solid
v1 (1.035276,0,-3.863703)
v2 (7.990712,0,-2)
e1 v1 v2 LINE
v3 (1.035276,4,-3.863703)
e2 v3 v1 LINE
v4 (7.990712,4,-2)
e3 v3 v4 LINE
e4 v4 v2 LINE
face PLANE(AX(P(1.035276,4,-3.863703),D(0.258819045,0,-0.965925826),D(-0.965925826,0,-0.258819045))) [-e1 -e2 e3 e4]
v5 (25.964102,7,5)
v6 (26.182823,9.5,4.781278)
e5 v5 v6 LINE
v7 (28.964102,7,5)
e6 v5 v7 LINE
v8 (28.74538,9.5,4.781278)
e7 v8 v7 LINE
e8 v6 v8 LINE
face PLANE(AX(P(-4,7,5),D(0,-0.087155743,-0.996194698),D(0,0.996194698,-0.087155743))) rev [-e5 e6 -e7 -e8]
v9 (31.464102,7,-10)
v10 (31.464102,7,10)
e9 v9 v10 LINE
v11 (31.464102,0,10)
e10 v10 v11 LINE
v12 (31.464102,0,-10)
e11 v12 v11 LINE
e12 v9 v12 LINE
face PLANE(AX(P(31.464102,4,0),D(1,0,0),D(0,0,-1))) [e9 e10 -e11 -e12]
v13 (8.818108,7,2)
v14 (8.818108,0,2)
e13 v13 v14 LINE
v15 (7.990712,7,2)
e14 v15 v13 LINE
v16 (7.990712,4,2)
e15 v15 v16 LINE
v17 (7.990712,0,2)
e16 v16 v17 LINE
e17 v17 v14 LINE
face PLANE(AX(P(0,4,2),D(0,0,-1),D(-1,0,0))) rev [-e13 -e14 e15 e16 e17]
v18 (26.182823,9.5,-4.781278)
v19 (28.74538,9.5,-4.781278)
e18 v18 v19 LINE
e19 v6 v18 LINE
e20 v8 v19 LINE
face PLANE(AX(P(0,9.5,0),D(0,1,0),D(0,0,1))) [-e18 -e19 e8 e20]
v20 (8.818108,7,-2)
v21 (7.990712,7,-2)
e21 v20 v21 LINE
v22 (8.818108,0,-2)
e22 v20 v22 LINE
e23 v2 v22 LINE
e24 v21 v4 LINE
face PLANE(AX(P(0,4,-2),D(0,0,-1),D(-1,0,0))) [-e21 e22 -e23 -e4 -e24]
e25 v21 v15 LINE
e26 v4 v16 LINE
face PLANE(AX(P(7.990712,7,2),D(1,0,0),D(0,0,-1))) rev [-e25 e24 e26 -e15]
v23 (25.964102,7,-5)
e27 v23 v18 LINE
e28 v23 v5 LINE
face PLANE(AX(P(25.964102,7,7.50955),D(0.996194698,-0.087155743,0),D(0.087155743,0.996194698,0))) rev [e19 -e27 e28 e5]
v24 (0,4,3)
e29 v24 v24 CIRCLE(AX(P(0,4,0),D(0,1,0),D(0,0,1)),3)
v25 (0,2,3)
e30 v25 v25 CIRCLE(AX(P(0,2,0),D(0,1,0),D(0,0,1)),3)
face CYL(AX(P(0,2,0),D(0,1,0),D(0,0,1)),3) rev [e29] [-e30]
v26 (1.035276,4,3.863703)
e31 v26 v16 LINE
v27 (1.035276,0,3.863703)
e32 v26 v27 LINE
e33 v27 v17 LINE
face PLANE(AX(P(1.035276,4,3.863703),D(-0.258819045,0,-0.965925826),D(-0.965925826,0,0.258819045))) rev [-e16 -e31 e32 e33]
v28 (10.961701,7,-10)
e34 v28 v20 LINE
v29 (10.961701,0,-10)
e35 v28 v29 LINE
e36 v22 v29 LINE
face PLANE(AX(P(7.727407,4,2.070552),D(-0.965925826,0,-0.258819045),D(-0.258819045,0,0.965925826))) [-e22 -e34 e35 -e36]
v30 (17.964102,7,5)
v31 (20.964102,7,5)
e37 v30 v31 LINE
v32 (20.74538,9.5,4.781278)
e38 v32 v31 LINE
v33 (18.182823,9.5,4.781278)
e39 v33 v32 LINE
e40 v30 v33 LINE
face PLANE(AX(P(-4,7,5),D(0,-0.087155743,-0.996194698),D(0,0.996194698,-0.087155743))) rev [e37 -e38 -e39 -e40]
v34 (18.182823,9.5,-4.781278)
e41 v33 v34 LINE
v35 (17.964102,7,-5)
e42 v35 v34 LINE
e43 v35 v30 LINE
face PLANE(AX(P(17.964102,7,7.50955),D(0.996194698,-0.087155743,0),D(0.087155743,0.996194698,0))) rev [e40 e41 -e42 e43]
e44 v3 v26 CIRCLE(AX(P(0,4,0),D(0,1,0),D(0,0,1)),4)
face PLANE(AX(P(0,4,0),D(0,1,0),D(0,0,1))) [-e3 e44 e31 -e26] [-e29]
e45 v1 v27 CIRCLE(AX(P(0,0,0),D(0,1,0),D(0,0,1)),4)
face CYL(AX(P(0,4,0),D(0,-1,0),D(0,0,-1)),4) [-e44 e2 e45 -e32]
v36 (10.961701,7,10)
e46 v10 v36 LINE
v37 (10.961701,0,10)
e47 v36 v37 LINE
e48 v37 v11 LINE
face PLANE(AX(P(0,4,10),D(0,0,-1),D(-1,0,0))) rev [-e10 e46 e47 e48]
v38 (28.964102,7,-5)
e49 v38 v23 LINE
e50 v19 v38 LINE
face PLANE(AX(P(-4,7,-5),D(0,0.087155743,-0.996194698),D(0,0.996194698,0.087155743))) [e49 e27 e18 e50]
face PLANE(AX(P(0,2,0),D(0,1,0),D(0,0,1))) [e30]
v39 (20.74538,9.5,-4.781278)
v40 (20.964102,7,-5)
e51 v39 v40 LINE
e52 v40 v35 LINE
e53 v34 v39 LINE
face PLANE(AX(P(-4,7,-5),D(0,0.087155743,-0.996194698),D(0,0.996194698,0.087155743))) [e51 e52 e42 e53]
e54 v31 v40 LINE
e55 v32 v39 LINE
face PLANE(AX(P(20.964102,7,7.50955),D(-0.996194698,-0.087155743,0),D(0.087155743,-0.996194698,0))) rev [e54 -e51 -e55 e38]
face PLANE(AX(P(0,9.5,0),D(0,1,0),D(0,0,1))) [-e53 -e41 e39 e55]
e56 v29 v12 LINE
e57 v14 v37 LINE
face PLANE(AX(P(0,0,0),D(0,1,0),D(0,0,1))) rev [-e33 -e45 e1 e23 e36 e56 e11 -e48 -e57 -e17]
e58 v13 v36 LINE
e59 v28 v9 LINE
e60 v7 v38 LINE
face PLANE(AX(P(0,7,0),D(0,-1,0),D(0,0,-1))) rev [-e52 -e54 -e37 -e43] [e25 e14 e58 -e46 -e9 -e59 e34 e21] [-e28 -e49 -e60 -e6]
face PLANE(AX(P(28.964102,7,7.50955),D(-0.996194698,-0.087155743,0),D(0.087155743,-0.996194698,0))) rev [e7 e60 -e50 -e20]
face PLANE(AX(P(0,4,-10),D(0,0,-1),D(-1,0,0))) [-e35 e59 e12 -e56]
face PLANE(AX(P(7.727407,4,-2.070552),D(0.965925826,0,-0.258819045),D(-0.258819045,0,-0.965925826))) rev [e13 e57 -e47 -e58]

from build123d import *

# Parameters (mm, degrees)
BOSS_EXTRUDE1_DEPTH     = 4
SKETCH2_R               = 3
CUT_EXTRUDE1_DEPTH      = 2
BOSS_EXTRUDE2_DEPTH     = 3
SKETCH24_W              = 20.502400247
SKETCH24_H              = 20
BOSS_EXTRUDE4_DEPTH     = 3
SKETCH26_W              = 3
SKETCH26_H              = 10
BOSS_EXTRUDE6_DEPTH     = 2.5
CUT_EXTRUDE2_DEPTH      = 10
CUT_EXTRUDE3_DEPTH      = 35.354616727
CUT_EXTRUDE3_DEPTH_BACK = 35.354616727


with BuildPart() as part:
    # Sketch1 → Boss-Extrude1 (new body)
    with BuildSketch(Plane(origin=(0, 0, 0), x_dir=(1, 0, 0), z_dir=(0, 1, 0))):
        with BuildLine():
            Line((31.464101615, 10), (10.961701368, 10))
            Line((10.961701368, 10), (9.668549449, 5.173891336))
            Line((9.668549449, 5.173891336), (8.818107828, 2))
            Line((8.818107828, 2), (7.990711605, 2))
            Line((7.990711605, 2), (1.03527618, 3.863703305))
            ThreePointArc((1.03527618, 3.863703305), (0.522104769, 3.965779445), (0, 4))
            ThreePointArc((0, 4), (-4, 0), (0, -4))
            ThreePointArc((0, -4), (0.522104769, -3.965779445), (1.03527618, -3.863703305))
            Line((1.03527618, -3.863703305), (7.990711605, -2))
            Line((7.990711605, -2), (8.818107828, -2))
            Line((8.818107828, -2), (9.668549449, -5.173891336))
            Line((9.668549449, -5.173891336), (10.961701368, -10))
            Line((10.961701368, -10), (31.464101615, -10))
            Line((31.464101615, -10), (31.464101615, 10))
        make_face()
    extrude(amount=BOSS_EXTRUDE1_DEPTH)

    # Sketch2 → Cut-Extrude1 (cut)
    with BuildSketch(Plane(origin=(0, 4, 0), x_dir=(1, 0, 0), z_dir=(0, 1, 0))):
        with Locations(Location((0, 0, 0), (0, 0, 270))):
            Circle(SKETCH2_R)
    extrude(amount=-CUT_EXTRUDE1_DEPTH, mode=Mode.SUBTRACT)

    # Sketch18 → Boss-Extrude2 (add)
    with BuildSketch(Plane(origin=(0, 4, 0), x_dir=(1, 0, 0), z_dir=(0, 1, 0))):
        Polygon((7.990711605, -2), (8.818107828, -2), (10.961701368, -10), (10.961701368, 10), (8.818107828, 2), (7.990711605, 2), align=None)
    extrude(amount=BOSS_EXTRUDE2_DEPTH)

    # Sketch24 → Boss-Extrude4 (add)
    with BuildSketch(Plane(origin=(0, 4, 0), x_dir=(1, 0, 0), z_dir=(0, 1, 0))):
        with Locations((21.212901491, 0)):
            Rectangle(SKETCH24_W, SKETCH24_H)
    extrude(amount=BOSS_EXTRUDE4_DEPTH)

    # Sketch26 → Boss-Extrude6 (add)
    with BuildSketch(Plane(origin=(0, 7, 0), x_dir=(1, 0, 0), z_dir=(0, 1, 0))):
        with Locations((27.464101615, 0)):
            Rectangle(SKETCH26_W, SKETCH26_H)
        with Locations((19.464101615, 0)):
            Rectangle(SKETCH26_W, SKETCH26_H)
    extrude(amount=BOSS_EXTRUDE6_DEPTH)

    # Sketch27 → Cut-Extrude2 (cut)
    with BuildSketch(Plane(origin=(0, 0, -5), x_dir=(-1, 0, 0), z_dir=(0, 0, -1))):
        Polygon((-28.964101615, 7), (-28.745379956, 9.5), (-28.964101615, 9.5), align=None)
        Polygon((-25.964101615, 7), (-26.182823274, 9.5), (-25.964101615, 9.5), align=None)
        Polygon((-20.964101615, 7), (-20.745379956, 9.5), (-20.964101615, 9.5), align=None)
        Polygon((-17.964101615, 7), (-18.182823274, 9.5), (-17.964101615, 9.5), align=None)
    extrude(amount=-CUT_EXTRUDE2_DEPTH, mode=Mode.SUBTRACT)

    # Sketch28 → Cut-Extrude3 (cut, two sides: drawn at the far end of the back side and taken through both)
    with BuildSketch(Plane(origin=(0, 0, 0), x_dir=(0, 0, -1), z_dir=(1, 0, 0)).offset(-CUT_EXTRUDE3_DEPTH_BACK)):
        Polygon((-5, 7), (-4.781278341, 9.5), (-5, 9.5), align=None)
        Polygon((5, 7), (4.781278341, 9.5), (5, 9.5), align=None)
    extrude(amount=CUT_EXTRUDE3_DEPTH + CUT_EXTRUDE3_DEPTH_BACK, mode=Mode.SUBTRACT)


solid = part.part
